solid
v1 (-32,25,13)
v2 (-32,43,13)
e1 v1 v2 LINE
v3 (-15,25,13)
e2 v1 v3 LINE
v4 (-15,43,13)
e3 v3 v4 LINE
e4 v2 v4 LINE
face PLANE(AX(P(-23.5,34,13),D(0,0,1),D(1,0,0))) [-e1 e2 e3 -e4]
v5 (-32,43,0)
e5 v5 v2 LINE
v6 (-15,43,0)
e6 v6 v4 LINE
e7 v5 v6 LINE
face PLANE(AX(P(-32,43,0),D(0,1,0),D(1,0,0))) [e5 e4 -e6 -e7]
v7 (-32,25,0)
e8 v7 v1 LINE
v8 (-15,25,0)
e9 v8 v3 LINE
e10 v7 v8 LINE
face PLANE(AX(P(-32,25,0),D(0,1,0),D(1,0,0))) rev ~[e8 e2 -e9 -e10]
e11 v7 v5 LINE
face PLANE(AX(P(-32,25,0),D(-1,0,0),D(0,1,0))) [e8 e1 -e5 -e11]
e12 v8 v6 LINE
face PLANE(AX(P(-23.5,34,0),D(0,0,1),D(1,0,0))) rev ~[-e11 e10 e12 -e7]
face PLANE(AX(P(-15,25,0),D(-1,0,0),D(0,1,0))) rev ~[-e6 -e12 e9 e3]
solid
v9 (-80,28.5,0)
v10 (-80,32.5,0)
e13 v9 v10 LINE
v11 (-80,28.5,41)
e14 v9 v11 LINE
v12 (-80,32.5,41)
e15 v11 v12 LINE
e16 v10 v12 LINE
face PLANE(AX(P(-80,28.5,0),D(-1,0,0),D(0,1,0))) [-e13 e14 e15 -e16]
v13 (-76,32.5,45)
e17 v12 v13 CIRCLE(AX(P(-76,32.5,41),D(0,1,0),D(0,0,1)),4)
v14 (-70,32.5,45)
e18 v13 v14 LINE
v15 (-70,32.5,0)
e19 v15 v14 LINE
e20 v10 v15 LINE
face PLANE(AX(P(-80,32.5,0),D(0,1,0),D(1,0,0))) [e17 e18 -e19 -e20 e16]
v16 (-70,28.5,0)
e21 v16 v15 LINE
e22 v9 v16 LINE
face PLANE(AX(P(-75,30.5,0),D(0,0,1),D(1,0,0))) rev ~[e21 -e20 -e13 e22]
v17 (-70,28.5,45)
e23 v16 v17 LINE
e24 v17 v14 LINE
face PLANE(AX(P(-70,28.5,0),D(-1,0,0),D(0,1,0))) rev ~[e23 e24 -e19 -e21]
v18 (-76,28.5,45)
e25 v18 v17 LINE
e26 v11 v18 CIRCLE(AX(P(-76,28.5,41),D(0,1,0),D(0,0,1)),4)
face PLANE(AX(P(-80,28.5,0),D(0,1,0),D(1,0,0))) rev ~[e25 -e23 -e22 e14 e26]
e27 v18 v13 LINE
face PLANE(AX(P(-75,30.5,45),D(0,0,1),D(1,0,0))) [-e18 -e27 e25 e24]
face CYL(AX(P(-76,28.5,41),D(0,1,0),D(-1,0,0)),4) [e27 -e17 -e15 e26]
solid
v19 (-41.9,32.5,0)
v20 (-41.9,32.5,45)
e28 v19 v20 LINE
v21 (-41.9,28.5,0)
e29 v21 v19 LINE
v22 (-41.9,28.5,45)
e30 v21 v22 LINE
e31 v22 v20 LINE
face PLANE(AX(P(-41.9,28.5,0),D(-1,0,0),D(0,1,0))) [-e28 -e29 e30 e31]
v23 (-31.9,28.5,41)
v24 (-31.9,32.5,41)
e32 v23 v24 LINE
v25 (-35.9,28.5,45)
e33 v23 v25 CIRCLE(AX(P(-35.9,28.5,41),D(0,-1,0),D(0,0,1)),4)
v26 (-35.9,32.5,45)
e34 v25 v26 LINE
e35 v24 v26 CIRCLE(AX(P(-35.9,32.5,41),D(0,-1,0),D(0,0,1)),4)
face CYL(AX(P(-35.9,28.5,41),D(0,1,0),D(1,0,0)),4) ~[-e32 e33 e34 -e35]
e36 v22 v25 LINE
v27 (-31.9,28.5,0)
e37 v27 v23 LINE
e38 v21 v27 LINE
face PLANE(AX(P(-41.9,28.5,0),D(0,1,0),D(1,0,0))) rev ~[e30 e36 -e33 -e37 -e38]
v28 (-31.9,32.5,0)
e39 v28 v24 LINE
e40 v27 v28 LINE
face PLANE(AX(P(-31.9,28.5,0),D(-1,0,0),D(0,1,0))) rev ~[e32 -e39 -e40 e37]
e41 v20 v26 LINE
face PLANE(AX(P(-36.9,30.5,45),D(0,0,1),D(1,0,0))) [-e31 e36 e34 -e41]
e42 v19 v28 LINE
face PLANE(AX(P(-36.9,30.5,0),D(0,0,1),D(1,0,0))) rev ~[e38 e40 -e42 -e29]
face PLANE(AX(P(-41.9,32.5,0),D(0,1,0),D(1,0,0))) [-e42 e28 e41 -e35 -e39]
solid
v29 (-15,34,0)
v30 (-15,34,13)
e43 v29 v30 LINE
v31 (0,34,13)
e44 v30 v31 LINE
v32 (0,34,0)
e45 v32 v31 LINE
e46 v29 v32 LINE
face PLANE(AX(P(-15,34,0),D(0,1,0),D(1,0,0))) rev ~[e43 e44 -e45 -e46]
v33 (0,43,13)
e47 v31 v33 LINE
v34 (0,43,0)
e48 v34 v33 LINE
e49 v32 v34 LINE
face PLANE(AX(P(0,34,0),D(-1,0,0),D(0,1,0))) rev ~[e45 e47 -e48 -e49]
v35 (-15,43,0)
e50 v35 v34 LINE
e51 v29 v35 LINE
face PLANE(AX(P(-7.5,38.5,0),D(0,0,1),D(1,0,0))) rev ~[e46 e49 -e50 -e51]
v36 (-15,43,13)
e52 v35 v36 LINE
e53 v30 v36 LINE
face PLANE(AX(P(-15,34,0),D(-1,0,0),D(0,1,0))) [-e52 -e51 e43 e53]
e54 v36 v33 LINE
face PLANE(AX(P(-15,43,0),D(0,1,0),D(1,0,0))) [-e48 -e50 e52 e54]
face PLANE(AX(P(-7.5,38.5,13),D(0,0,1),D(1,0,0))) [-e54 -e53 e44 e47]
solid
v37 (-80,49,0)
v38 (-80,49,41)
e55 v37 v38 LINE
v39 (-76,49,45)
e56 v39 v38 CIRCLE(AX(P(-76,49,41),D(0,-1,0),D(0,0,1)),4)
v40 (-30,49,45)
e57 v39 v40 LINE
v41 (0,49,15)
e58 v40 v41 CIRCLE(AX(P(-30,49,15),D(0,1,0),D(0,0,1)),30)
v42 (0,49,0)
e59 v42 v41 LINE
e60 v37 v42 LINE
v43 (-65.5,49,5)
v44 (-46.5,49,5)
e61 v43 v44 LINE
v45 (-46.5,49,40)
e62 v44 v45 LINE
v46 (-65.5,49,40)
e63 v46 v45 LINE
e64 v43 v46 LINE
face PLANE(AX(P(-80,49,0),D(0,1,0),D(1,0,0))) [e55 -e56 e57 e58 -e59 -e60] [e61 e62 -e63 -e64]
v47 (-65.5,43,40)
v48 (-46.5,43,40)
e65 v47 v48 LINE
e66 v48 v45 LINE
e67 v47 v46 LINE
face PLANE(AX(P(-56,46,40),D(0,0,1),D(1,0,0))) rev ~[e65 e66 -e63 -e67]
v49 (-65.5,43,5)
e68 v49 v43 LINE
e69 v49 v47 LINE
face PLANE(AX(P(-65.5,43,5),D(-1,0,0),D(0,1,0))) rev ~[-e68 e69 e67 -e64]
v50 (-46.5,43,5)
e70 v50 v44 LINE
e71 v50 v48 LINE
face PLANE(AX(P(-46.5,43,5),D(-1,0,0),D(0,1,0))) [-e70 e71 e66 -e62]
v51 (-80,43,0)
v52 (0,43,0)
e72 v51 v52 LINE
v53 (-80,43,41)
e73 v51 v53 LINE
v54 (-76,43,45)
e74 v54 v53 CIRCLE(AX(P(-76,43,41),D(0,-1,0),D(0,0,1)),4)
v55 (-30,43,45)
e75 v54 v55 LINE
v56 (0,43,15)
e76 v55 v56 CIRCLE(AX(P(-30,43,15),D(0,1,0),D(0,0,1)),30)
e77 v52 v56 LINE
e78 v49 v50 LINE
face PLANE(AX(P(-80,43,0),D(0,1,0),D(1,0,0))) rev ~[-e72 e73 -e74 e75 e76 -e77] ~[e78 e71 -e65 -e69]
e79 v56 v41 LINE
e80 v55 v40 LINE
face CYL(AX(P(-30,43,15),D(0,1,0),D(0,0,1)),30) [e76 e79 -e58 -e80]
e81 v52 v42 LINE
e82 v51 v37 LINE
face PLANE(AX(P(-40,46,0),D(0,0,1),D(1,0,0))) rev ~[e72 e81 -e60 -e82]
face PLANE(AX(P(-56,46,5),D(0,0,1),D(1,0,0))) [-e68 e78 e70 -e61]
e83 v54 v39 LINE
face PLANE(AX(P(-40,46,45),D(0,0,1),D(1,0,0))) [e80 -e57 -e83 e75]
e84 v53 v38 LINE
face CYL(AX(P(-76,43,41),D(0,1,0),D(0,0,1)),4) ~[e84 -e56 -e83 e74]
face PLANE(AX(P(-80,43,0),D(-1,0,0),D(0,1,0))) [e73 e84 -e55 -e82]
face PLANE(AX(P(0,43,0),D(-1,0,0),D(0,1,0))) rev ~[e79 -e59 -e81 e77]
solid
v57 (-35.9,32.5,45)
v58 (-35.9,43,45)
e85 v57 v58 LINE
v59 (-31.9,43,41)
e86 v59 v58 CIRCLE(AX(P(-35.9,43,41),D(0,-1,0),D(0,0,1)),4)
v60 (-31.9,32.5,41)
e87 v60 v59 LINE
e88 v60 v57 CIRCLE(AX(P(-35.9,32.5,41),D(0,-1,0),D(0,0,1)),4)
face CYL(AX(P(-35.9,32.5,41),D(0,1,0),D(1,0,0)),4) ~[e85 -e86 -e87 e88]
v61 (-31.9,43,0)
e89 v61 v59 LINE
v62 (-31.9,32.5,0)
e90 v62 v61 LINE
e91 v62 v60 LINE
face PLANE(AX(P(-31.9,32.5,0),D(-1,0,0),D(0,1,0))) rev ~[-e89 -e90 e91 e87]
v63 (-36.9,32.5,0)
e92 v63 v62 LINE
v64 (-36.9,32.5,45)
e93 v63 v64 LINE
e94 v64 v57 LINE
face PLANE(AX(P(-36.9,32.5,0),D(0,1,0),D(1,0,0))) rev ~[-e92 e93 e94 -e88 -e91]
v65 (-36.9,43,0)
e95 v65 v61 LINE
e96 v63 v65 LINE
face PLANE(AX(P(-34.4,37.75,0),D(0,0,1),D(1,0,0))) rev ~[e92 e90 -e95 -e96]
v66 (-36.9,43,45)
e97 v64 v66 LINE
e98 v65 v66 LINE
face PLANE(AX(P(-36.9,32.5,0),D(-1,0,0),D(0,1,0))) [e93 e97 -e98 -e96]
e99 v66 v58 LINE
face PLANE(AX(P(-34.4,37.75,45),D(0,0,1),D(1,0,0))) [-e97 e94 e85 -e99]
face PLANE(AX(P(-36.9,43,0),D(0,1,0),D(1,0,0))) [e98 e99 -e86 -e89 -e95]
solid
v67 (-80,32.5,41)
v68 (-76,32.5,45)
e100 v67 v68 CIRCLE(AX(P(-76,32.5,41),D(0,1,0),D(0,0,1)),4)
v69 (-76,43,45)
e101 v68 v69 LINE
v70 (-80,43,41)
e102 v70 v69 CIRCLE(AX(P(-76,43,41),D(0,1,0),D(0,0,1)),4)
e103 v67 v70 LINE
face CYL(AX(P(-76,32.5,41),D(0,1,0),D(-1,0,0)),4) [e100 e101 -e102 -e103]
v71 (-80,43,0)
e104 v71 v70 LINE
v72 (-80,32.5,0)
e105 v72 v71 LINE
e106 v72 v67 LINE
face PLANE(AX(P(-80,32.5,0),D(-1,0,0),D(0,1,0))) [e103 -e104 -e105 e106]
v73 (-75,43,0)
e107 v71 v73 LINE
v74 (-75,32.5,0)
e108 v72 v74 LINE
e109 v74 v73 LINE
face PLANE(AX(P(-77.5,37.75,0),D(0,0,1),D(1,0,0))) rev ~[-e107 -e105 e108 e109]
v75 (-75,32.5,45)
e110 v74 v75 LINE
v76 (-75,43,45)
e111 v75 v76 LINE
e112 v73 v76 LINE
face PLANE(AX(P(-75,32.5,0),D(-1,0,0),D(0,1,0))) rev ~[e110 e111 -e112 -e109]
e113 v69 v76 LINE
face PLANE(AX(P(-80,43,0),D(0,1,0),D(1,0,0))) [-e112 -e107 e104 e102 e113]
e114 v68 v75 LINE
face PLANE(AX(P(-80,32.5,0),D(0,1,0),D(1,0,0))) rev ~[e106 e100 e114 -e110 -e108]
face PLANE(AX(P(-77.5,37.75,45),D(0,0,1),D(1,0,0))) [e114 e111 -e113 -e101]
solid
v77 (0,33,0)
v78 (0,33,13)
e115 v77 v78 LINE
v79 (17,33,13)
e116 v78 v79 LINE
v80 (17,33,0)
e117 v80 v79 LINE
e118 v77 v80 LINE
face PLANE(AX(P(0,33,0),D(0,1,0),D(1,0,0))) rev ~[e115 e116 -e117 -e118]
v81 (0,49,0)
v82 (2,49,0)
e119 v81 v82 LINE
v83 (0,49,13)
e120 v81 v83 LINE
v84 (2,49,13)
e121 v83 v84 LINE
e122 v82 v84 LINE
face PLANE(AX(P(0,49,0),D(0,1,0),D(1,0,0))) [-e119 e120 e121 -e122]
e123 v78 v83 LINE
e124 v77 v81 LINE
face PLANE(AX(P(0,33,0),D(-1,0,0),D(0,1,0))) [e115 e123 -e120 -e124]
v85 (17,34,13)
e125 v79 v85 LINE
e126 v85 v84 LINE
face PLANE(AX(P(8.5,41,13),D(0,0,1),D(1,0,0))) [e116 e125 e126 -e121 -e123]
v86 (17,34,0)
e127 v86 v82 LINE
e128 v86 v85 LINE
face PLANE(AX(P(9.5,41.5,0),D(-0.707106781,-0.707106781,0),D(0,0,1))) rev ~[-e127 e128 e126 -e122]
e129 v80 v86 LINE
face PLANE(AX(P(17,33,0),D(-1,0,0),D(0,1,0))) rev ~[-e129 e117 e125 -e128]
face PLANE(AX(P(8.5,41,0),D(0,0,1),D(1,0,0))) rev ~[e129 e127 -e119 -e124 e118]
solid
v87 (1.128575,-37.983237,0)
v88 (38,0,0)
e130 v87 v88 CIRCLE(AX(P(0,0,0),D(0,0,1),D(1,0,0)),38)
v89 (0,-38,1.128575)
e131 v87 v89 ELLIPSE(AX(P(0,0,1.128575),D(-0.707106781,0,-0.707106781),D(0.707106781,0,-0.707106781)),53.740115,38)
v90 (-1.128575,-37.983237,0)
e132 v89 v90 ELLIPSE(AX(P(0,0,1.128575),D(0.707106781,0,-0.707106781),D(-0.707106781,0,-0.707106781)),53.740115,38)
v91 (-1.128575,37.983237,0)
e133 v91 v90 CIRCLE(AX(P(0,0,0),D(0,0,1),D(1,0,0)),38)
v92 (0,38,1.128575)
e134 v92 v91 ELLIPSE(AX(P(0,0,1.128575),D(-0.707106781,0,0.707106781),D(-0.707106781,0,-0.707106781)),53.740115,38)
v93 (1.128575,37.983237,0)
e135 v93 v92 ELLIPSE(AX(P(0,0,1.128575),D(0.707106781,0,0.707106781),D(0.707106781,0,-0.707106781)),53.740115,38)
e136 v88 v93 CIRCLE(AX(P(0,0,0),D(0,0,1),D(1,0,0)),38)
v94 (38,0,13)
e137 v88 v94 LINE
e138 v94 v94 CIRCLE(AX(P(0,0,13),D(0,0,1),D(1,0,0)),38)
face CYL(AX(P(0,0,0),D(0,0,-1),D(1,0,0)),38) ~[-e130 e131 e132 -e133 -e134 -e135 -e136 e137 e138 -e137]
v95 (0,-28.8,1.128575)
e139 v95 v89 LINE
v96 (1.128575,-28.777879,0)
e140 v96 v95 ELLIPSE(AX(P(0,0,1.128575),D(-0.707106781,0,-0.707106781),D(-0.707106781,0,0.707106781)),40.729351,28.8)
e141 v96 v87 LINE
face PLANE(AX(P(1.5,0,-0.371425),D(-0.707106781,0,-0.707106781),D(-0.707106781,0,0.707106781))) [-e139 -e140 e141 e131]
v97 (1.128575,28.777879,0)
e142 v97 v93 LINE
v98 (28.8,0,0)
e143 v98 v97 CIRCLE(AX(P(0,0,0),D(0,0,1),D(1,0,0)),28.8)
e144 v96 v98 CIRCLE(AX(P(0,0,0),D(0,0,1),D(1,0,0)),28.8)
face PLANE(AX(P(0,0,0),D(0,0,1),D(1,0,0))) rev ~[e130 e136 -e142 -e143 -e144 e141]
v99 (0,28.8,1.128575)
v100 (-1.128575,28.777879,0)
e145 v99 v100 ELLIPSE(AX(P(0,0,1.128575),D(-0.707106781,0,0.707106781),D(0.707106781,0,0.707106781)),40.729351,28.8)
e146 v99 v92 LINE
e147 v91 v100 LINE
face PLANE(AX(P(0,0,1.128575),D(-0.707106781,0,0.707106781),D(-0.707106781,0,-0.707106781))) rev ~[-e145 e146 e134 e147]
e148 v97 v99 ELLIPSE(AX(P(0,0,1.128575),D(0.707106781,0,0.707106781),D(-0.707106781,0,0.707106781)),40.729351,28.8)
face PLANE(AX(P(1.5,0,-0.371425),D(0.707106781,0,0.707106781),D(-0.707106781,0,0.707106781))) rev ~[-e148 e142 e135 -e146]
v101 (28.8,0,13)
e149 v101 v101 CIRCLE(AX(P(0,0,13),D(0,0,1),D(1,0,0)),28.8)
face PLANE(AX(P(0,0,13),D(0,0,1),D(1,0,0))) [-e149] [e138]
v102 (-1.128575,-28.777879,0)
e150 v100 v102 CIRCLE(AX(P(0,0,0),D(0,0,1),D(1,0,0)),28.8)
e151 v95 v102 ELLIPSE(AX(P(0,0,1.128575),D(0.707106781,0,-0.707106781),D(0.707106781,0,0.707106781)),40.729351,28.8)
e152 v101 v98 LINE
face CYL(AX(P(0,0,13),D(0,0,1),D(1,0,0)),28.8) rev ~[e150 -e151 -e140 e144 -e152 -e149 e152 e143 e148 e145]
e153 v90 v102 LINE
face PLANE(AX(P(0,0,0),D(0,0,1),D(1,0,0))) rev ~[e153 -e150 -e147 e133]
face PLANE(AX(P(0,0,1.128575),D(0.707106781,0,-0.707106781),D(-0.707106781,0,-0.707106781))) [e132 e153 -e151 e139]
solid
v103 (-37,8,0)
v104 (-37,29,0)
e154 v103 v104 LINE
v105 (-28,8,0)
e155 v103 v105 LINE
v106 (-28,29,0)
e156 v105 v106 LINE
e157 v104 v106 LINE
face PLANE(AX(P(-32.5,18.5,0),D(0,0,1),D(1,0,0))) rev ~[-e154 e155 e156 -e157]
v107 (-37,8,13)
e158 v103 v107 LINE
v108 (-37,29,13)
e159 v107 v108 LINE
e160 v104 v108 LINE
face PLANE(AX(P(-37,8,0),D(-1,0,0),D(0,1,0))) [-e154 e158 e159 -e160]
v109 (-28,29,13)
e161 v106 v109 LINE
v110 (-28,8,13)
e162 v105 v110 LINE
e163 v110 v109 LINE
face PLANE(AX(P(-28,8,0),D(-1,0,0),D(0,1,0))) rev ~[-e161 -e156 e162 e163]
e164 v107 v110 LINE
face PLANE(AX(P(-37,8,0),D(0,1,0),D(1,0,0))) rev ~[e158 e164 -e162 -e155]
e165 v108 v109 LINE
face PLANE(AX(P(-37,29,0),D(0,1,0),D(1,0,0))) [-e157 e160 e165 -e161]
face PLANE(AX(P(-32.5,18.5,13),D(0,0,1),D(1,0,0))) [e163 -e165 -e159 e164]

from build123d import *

# Parameters (mm, degrees)
SKETCH_R             = 38
PAD_DEPTH            = 13
SKETCH001_R          = 28.8
POCKET_DEPTH         = 13.001
POCKET001_DEPTH      = 38.001
POCKET001_DEPTH_BACK = 38.001
BOX005_W             = 15
BOX005_H             = 9
BOX005_DEPTH         = 13
BOX007_W             = 17
BOX007_H             = 18
BOX007_DEPTH         = 13
BOX008_W             = 9
BOX008_H             = 21
BOX008_DEPTH         = 13
BOX006_W             = 17
BOX006_H             = 16
BOX006_DEPTH         = 13
CHAMFER_SIZE         = 15
BOX009_W             = 19
BOX009_H             = 6
BOX009_DEPTH         = 35
BOX_W                = 80
BOX_H                = 6
BOX_DEPTH            = 45
FILLET_R             = 30
FILLET001_R          = 4
BOX001_W             = 5
BOX001_H             = 10.5
BOX001_DEPTH         = 45
FILLET002_R          = 4
BOX002_W             = 10
BOX002_H             = 4
BOX002_DEPTH         = 45
FILLET003_R          = 4
BOX003_W             = 5
BOX003_H             = 10.5
BOX003_DEPTH         = 45
FILLET004_R          = 4
BOX004_W             = 10
BOX004_H             = 4
BOX004_DEPTH         = 45
FILLET005_R          = 4


with BuildPart() as body:
    # Sketch → Pad (new body)
    with BuildSketch(Plane.XY):
        Circle(SKETCH_R)
    extrude(amount=PAD_DEPTH)

    # Sketch001 (on Face3 of Pad) → Pocket (cut, through all)
    with BuildSketch(Plane.XY.offset(13)):
        Circle(SKETCH001_R)
    extrude(amount=-POCKET_DEPTH, mode=Mode.SUBTRACT)

    # Sketch004 → Pocket001 (cut, two sides)
    with BuildSketch(Plane.XZ) as pocket001_sk:
        Polygon((1.5, -0.371425), (0, 1.128575), (-1.5, -0.371425), align=None)
    extrude(amount=POCKET001_DEPTH, mode=Mode.SUBTRACT)
    extrude(pocket001_sk.sketch, amount=-POCKET001_DEPTH_BACK, mode=Mode.SUBTRACT)


with BuildPart() as cube005:
    # Box005 → Box005 (new body)
    with BuildSketch(Plane(origin=(-15, 34, 0), x_dir=(1, 0, 0), z_dir=(0, 0, 1))):
        with Locations((7.5, 4.5)):
            Rectangle(BOX005_W, BOX005_H)
    extrude(amount=BOX005_DEPTH)


with BuildPart() as cube007:
    # Box007 → Box007 (new body)
    with BuildSketch(Plane(origin=(-32, 25, 0), x_dir=(1, 0, 0), z_dir=(0, 0, 1))):
        with Locations((8.5, 9)):
            Rectangle(BOX007_W, BOX007_H)
    extrude(amount=BOX007_DEPTH)


with BuildPart() as cube008:
    # Box008 → Box008 (new body)
    with BuildSketch(Plane(origin=(-37, 8, 0), x_dir=(1, 0, 0), z_dir=(0, 0, 1))):
        with Locations((4.5, 10.5)):
            Rectangle(BOX008_W, BOX008_H)
    extrude(amount=BOX008_DEPTH)


with BuildPart() as chamfer_body:
    # Box006 → Box006 (new body)
    with BuildSketch(Plane(origin=(0, 33, 0), x_dir=(1, 0, 0), z_dir=(0, 0, 1))):
        with Locations((8.5, 8)):
            Rectangle(BOX006_W, BOX006_H)
    extrude(amount=BOX006_DEPTH)

    # Chamfer
    chamfer_edges = [chamfer_body.edges().sort_by_distance(p)[0] for p in [
        (17, 49, 6.5),
    ]]
    chamfer(chamfer_edges, length=CHAMFER_SIZE)


with BuildPart() as cube009:
    # Box009 → Box009 (new body)
    with BuildSketch(Plane(origin=(-65.5, 34, 5), x_dir=(1, 0, 0), z_dir=(0, 0, 1))):
        with Locations((9.5, 3)):
            Rectangle(BOX009_W, BOX009_H)
    extrude(amount=BOX009_DEPTH)


with BuildPart() as fillet001:
    # Box → Box (new body)
    with BuildSketch(Plane(origin=(-80, 34, 0), x_dir=(1, 0, 0), z_dir=(0, 0, 1))):
        with Locations((40, 3)):
            Rectangle(BOX_W, BOX_H)
    extrude(amount=BOX_DEPTH)

    # Cut: cut Cube009
    add(cube009.part, mode=Mode.SUBTRACT)


with BuildPart() as fillet001_1:
    # Cut placement: moved
    add(fillet001.part.moved(Location((0, 9, 0))))

    # Fillet
    fillet_edges = [fillet001_1.edges().sort_by_distance(p)[0] for p in [
        (0, 46, 45),
    ]]
    fillet(fillet_edges, radius=FILLET_R)

    # Fillet001
    fillet001_edges = [fillet001_1.edges().sort_by_distance(p)[0] for p in [
        (-80, 46, 45),
    ]]
    fillet(fillet001_edges, radius=FILLET001_R)


with BuildPart() as fillet002:
    # Box001 → Box001 (new body)
    with BuildSketch(Plane(origin=(-80, 32.5, 0), x_dir=(1, 0, 0), z_dir=(0, 0, 1))):
        with Locations((2.5, 5.25)):
            Rectangle(BOX001_W, BOX001_H)
    extrude(amount=BOX001_DEPTH)

    # Fillet002
    fillet002_edges = [fillet002.edges().sort_by_distance(p)[0] for p in [
        (-80, 37.75, 45),
    ]]
    fillet(fillet002_edges, radius=FILLET002_R)


with BuildPart() as fillet003:
    # Box002 → Box002 (new body)
    with BuildSketch(Plane(origin=(-80, 28.5, 0), x_dir=(1, 0, 0), z_dir=(0, 0, 1))):
        with Locations((5, 2)):
            Rectangle(BOX002_W, BOX002_H)
    extrude(amount=BOX002_DEPTH)

    # Fillet003
    fillet003_edges = [fillet003.edges().sort_by_distance(p)[0] for p in [
        (-80, 30.5, 45),
    ]]
    fillet(fillet003_edges, radius=FILLET003_R)


with BuildPart() as fillet004:
    # Box003 → Box003 (new body)
    with BuildSketch(Plane(origin=(-36.9, 32.5, 0), x_dir=(1, 0, 0), z_dir=(0, 0, 1))):
        with Locations((2.5, 5.25)):
            Rectangle(BOX003_W, BOX003_H)
    extrude(amount=BOX003_DEPTH)

    # Fillet004
    fillet004_edges = [fillet004.edges().sort_by_distance(p)[0] for p in [
        (-31.9, 37.75, 45),
    ]]
    fillet(fillet004_edges, radius=FILLET004_R)


with BuildPart() as fillet005:
    # Box004 → Box004 (new body)
    with BuildSketch(Plane(origin=(-41.9, 28.5, 0), x_dir=(1, 0, 0), z_dir=(0, 0, 1))):
        with Locations((5, 2)):
            Rectangle(BOX004_W, BOX004_H)
    extrude(amount=BOX004_DEPTH)

    # Fillet005
    fillet005_edges = [fillet005.edges().sort_by_distance(p)[0] for p in [
        (-31.9, 30.5, 45),
    ]]
    fillet(fillet005_edges, radius=FILLET005_R)


solid = Compound([body.part, cube005.part, cube007.part, cube008.part, chamfer_body.part, fillet001_1.part, fillet002.part, fillet003.part, fillet004.part, fillet005.part])
